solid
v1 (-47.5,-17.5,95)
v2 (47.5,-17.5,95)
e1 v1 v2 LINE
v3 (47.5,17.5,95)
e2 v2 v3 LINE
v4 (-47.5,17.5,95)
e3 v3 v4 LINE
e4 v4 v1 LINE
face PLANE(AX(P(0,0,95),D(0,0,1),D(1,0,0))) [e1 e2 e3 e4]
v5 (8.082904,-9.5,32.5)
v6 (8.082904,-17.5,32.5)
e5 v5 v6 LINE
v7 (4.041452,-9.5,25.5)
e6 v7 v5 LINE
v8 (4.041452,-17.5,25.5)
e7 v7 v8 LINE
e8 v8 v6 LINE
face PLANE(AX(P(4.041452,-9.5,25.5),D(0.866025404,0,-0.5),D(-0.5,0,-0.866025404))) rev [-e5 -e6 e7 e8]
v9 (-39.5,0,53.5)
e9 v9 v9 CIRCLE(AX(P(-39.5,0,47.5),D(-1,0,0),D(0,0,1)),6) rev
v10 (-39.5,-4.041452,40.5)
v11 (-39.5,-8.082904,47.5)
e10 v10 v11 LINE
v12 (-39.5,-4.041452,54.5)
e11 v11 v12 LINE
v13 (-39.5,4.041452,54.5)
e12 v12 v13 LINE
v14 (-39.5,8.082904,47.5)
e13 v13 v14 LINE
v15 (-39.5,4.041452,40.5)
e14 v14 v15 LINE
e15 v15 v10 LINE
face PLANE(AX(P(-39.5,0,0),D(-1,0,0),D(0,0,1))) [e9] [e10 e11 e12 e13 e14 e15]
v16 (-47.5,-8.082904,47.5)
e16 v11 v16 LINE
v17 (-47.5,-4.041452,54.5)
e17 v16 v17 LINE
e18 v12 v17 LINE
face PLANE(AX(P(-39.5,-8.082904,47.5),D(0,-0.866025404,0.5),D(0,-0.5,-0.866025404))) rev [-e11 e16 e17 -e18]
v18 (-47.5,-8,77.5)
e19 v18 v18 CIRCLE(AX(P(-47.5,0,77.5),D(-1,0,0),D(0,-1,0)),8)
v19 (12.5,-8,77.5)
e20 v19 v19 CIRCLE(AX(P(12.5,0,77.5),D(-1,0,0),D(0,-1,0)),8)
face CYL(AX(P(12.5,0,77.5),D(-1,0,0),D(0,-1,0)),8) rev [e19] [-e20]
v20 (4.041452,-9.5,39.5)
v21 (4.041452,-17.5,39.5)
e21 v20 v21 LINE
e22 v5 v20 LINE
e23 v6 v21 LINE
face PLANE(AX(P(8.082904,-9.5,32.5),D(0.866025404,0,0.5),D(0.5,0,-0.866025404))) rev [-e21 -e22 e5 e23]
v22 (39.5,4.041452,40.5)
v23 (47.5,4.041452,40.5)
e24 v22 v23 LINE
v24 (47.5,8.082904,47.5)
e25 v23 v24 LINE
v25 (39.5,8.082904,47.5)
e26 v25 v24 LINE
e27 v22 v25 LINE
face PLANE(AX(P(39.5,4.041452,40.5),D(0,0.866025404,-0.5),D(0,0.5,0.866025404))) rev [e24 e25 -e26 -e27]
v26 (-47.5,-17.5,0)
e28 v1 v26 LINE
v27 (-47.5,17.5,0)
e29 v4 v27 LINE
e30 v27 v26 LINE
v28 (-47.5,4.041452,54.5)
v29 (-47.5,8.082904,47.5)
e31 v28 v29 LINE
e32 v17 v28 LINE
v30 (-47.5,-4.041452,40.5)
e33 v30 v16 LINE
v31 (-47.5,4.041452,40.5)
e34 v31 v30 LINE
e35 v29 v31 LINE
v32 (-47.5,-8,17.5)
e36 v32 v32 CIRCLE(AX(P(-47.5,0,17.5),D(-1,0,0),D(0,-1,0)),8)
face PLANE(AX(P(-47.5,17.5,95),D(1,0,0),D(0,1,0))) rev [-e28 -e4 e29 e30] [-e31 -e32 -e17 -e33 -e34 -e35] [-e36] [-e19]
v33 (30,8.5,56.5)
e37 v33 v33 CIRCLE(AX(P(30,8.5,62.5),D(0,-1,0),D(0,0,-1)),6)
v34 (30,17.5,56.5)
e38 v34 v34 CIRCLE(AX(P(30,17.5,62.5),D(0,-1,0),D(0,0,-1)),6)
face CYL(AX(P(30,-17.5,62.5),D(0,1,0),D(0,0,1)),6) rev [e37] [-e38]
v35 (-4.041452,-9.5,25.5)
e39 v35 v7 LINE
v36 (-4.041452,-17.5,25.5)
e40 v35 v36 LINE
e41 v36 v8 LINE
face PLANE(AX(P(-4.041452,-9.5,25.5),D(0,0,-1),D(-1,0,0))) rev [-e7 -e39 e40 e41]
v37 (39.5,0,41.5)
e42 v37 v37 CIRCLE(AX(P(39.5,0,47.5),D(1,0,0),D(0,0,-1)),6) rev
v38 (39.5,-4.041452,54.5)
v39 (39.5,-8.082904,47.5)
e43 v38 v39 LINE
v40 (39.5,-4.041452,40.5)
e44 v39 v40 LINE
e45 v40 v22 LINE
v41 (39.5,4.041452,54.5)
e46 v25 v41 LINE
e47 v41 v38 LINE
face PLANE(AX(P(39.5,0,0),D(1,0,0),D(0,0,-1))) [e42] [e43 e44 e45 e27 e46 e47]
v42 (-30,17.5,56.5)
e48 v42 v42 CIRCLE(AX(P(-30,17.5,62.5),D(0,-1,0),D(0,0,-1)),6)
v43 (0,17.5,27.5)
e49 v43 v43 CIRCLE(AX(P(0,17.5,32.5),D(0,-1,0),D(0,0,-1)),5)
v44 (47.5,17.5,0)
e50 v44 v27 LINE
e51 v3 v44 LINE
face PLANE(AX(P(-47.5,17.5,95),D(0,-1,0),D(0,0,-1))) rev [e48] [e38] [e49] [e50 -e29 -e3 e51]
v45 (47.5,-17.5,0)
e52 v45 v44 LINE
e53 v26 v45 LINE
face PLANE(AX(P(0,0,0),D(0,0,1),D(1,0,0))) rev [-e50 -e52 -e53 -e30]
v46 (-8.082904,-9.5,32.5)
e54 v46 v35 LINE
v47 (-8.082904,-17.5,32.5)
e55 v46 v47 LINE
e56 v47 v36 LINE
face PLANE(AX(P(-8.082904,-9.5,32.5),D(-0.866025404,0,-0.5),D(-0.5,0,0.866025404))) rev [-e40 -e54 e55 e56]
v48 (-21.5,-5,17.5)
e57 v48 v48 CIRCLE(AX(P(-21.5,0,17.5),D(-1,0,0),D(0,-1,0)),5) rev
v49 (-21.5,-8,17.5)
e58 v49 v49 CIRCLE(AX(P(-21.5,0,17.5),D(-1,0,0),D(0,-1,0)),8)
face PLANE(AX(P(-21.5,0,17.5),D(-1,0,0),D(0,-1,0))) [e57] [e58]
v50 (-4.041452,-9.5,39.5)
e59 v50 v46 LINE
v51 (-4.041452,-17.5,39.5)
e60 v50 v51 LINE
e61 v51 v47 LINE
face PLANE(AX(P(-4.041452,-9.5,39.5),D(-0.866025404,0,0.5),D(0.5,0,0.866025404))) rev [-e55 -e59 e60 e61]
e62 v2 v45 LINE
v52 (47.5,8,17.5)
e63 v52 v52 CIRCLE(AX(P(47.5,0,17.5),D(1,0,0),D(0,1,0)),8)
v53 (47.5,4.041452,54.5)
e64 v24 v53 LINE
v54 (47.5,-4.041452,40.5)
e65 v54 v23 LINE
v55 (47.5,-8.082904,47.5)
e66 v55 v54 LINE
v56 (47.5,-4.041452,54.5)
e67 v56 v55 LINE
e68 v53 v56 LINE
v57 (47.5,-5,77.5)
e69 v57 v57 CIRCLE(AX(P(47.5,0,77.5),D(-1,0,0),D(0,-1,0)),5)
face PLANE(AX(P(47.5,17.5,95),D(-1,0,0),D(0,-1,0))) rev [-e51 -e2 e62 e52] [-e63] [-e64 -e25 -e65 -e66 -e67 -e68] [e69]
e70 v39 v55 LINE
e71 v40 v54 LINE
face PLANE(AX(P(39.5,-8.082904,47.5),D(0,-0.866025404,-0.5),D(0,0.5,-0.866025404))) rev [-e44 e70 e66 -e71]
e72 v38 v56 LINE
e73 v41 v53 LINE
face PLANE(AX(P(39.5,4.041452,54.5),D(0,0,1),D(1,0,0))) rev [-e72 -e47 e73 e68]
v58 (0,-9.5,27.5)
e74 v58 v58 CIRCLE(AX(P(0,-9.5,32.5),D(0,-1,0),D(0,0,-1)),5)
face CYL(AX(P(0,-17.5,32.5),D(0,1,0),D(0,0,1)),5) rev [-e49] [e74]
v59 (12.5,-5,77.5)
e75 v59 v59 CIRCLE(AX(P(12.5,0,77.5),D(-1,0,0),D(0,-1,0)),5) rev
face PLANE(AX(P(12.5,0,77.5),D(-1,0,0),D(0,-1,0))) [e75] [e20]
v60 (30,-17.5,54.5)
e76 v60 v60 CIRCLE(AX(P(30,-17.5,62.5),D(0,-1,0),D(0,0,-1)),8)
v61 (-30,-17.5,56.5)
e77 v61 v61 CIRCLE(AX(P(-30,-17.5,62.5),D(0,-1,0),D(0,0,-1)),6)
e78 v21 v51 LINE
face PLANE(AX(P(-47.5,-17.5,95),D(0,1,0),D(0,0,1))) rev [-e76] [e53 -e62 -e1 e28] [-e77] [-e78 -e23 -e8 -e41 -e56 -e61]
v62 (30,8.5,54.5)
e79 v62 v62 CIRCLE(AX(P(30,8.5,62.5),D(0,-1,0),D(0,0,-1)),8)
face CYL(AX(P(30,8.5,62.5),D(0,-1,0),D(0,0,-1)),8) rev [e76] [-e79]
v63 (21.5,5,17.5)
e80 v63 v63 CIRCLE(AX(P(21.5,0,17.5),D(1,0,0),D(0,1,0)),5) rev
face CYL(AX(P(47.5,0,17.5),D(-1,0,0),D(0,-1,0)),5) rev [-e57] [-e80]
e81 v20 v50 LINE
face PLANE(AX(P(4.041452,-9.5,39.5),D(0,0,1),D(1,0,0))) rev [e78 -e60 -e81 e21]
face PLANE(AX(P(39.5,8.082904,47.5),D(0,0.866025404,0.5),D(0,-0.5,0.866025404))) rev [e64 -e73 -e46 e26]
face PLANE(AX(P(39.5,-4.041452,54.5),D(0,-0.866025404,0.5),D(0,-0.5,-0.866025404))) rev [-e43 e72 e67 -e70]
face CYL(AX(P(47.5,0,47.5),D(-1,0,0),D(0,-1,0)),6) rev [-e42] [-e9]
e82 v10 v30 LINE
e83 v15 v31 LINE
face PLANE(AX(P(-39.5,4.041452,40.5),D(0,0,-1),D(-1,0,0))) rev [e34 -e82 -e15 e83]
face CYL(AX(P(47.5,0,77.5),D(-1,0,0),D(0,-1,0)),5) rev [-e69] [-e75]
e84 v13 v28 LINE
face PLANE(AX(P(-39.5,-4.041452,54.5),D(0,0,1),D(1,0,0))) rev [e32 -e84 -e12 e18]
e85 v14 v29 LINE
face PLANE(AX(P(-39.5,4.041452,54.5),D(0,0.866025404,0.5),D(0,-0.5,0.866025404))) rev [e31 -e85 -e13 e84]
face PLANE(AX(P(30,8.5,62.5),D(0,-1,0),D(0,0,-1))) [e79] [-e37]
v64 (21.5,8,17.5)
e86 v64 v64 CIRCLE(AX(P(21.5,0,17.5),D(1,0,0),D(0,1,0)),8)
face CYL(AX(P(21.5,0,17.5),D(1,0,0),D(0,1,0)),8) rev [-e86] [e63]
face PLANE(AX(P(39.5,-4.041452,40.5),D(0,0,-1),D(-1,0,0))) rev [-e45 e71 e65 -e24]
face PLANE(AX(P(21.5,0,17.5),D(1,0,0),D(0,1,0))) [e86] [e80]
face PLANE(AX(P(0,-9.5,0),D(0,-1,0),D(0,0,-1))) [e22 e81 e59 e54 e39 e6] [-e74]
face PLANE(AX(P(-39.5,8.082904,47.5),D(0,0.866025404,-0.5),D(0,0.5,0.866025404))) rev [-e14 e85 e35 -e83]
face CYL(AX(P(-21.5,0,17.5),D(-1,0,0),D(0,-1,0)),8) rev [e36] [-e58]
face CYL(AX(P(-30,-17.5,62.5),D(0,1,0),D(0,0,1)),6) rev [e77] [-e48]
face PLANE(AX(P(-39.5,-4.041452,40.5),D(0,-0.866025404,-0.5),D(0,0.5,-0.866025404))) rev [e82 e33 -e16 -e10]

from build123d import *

# Parameters (mm, degrees)
SKETCH1_W           = 95
SKETCH1_H           = 35
BOSS_EXTRUDE1_DEPTH = 95
SKETCH2_R           = 5
SKETCH2_R_2         = 6
CUT_EXTRUDE1_DEPTH  = 95
SKETCH3_R           = 8
CUT_EXTRUDE2_DEPTH  = 26
SKETCH4_R           = 8
CUT_EXTRUDE3_DEPTH  = 60
SKETCH5_R           = 8
CUT_EXTRUDE4_DEPTH  = 26
SKETCH6_R           = 5
SKETCH6_R_2         = 6
CUT_EXTRUDE5_DEPTH  = 35
SKETCH8_R           = 8
CUT_EXTRUDE7_DEPTH  = 26
CUT_EXTRUDE10_DEPTH = 8
CUT_EXTRUDE14_DEPTH = 8
CUT_EXTRUDE15_DEPTH = 8


with BuildPart() as part:
    # Sketch1 → Boss-Extrude1 (new body)
    with BuildSketch(Plane.XY):
        Rectangle(SKETCH1_W, SKETCH1_H)
    extrude(amount=BOSS_EXTRUDE1_DEPTH)

    # Sketch2 → Cut-Extrude1 (cut)
    with BuildSketch(Plane.ZY.offset(47.5)):
        with Locations(Location((17.5, 0, 0), (0, 0, 270))):  # turned: the seam where the file's is
            Circle(SKETCH2_R)
        with Locations(Location((47.5, 0, 0), (0, 0, 270))):  # turned: the seam where the file's is
            Circle(SKETCH2_R_2)
        with Locations(Location((77.5, 0, 0), (0, 0, 270))):  # turned: the seam where the file's is
            Circle(SKETCH2_R)
    extrude(amount=-CUT_EXTRUDE1_DEPTH, mode=Mode.SUBTRACT)

    # Sketch3 → Cut-Extrude2 (cut)
    with BuildSketch(Plane.ZY.offset(47.5)):
        with Locations(Location((17.5, 0, 0), (0, 0, 270))):  # turned: the seam where the file's is
            Circle(SKETCH3_R)
    extrude(amount=-CUT_EXTRUDE2_DEPTH, mode=Mode.SUBTRACT)

    # Sketch4 → Cut-Extrude3 (cut)
    with BuildSketch(Plane.ZY.offset(47.5)):
        with Locations(Location((77.5, 0, 0), (0, 0, 270))):  # turned: the seam where the file's is
            Circle(SKETCH4_R)
    extrude(amount=-CUT_EXTRUDE3_DEPTH, mode=Mode.SUBTRACT)

    # Sketch5 → Cut-Extrude4 (cut)
    with BuildSketch(Plane(origin=(47.5, 0, 0), x_dir=(0, 0, -1), z_dir=(1, 0, 0))):
        with Locations(Location((-17.5, 0, 0), (0, 0, 270))):  # turned: the seam where the file's is
            Circle(SKETCH5_R)
    extrude(amount=-CUT_EXTRUDE4_DEPTH, mode=Mode.SUBTRACT)

    # Sketch6 → Cut-Extrude5 (cut)
    with BuildSketch(Plane(origin=(0, 17.5, 0), x_dir=(1, 0, 0), z_dir=(0, 1, 0))):
        with Locations(Location((0, -32.5, 0), (0, 0, 90))):  # turned: the seam where the file's is
            Circle(SKETCH6_R)
        with Locations(Location((-30, -62.5, 0), (0, 0, 90))):  # turned: the seam where the file's is
            Circle(SKETCH6_R_2)
        with Locations(Location((30, -62.5, 0), (0, 0, 90))):  # turned: the seam where the file's is
            Circle(SKETCH6_R_2)
    extrude(amount=-CUT_EXTRUDE5_DEPTH, mode=Mode.SUBTRACT)

    # Sketch8 → Cut-Extrude7 (cut)
    with BuildSketch(Plane.XZ.offset(17.5)):
        with Locations(Location((30, 62.5, 0), (0, 0, 270))):  # turned: the seam where the file's is
            Circle(SKETCH8_R)
    extrude(amount=-CUT_EXTRUDE7_DEPTH, mode=Mode.SUBTRACT)

    # Sketch12 → Cut-Extrude10 (cut)
    with BuildSketch(Plane.XZ.offset(17.5)):
        Polygon((8.082903769, 32.5), (4.041451884, 39.5), (-4.041451884, 39.5), (-8.082903769, 32.5), (-4.041451884, 25.5), (4.041451884, 25.5), align=None)
    extrude(amount=-CUT_EXTRUDE10_DEPTH, mode=Mode.SUBTRACT)

    # Sketch16 → Cut-Extrude14 (cut)
    with BuildSketch(Plane.ZY.offset(47.5)):
        Polygon((47.5, -8.082903769), (54.5, -4.041451884), (54.5, 4.041451884), (47.5, 8.082903769), (40.5, 4.041451884), (40.5, -4.041451884), align=None)
    extrude(amount=-CUT_EXTRUDE14_DEPTH, mode=Mode.SUBTRACT)

    # Sketch17 → Cut-Extrude15 (cut)
    with BuildSketch(Plane(origin=(47.5, 0, 0), x_dir=(0, 0, -1), z_dir=(1, 0, 0))):
        Polygon((-47.5, -8.082903769), (-40.5, -4.041451884), (-40.5, 4.041451884), (-47.5, 8.082903769), (-54.5, 4.041451884), (-54.5, -4.041451884), align=None)
    extrude(amount=-CUT_EXTRUDE15_DEPTH, mode=Mode.SUBTRACT)


solid = part.part
